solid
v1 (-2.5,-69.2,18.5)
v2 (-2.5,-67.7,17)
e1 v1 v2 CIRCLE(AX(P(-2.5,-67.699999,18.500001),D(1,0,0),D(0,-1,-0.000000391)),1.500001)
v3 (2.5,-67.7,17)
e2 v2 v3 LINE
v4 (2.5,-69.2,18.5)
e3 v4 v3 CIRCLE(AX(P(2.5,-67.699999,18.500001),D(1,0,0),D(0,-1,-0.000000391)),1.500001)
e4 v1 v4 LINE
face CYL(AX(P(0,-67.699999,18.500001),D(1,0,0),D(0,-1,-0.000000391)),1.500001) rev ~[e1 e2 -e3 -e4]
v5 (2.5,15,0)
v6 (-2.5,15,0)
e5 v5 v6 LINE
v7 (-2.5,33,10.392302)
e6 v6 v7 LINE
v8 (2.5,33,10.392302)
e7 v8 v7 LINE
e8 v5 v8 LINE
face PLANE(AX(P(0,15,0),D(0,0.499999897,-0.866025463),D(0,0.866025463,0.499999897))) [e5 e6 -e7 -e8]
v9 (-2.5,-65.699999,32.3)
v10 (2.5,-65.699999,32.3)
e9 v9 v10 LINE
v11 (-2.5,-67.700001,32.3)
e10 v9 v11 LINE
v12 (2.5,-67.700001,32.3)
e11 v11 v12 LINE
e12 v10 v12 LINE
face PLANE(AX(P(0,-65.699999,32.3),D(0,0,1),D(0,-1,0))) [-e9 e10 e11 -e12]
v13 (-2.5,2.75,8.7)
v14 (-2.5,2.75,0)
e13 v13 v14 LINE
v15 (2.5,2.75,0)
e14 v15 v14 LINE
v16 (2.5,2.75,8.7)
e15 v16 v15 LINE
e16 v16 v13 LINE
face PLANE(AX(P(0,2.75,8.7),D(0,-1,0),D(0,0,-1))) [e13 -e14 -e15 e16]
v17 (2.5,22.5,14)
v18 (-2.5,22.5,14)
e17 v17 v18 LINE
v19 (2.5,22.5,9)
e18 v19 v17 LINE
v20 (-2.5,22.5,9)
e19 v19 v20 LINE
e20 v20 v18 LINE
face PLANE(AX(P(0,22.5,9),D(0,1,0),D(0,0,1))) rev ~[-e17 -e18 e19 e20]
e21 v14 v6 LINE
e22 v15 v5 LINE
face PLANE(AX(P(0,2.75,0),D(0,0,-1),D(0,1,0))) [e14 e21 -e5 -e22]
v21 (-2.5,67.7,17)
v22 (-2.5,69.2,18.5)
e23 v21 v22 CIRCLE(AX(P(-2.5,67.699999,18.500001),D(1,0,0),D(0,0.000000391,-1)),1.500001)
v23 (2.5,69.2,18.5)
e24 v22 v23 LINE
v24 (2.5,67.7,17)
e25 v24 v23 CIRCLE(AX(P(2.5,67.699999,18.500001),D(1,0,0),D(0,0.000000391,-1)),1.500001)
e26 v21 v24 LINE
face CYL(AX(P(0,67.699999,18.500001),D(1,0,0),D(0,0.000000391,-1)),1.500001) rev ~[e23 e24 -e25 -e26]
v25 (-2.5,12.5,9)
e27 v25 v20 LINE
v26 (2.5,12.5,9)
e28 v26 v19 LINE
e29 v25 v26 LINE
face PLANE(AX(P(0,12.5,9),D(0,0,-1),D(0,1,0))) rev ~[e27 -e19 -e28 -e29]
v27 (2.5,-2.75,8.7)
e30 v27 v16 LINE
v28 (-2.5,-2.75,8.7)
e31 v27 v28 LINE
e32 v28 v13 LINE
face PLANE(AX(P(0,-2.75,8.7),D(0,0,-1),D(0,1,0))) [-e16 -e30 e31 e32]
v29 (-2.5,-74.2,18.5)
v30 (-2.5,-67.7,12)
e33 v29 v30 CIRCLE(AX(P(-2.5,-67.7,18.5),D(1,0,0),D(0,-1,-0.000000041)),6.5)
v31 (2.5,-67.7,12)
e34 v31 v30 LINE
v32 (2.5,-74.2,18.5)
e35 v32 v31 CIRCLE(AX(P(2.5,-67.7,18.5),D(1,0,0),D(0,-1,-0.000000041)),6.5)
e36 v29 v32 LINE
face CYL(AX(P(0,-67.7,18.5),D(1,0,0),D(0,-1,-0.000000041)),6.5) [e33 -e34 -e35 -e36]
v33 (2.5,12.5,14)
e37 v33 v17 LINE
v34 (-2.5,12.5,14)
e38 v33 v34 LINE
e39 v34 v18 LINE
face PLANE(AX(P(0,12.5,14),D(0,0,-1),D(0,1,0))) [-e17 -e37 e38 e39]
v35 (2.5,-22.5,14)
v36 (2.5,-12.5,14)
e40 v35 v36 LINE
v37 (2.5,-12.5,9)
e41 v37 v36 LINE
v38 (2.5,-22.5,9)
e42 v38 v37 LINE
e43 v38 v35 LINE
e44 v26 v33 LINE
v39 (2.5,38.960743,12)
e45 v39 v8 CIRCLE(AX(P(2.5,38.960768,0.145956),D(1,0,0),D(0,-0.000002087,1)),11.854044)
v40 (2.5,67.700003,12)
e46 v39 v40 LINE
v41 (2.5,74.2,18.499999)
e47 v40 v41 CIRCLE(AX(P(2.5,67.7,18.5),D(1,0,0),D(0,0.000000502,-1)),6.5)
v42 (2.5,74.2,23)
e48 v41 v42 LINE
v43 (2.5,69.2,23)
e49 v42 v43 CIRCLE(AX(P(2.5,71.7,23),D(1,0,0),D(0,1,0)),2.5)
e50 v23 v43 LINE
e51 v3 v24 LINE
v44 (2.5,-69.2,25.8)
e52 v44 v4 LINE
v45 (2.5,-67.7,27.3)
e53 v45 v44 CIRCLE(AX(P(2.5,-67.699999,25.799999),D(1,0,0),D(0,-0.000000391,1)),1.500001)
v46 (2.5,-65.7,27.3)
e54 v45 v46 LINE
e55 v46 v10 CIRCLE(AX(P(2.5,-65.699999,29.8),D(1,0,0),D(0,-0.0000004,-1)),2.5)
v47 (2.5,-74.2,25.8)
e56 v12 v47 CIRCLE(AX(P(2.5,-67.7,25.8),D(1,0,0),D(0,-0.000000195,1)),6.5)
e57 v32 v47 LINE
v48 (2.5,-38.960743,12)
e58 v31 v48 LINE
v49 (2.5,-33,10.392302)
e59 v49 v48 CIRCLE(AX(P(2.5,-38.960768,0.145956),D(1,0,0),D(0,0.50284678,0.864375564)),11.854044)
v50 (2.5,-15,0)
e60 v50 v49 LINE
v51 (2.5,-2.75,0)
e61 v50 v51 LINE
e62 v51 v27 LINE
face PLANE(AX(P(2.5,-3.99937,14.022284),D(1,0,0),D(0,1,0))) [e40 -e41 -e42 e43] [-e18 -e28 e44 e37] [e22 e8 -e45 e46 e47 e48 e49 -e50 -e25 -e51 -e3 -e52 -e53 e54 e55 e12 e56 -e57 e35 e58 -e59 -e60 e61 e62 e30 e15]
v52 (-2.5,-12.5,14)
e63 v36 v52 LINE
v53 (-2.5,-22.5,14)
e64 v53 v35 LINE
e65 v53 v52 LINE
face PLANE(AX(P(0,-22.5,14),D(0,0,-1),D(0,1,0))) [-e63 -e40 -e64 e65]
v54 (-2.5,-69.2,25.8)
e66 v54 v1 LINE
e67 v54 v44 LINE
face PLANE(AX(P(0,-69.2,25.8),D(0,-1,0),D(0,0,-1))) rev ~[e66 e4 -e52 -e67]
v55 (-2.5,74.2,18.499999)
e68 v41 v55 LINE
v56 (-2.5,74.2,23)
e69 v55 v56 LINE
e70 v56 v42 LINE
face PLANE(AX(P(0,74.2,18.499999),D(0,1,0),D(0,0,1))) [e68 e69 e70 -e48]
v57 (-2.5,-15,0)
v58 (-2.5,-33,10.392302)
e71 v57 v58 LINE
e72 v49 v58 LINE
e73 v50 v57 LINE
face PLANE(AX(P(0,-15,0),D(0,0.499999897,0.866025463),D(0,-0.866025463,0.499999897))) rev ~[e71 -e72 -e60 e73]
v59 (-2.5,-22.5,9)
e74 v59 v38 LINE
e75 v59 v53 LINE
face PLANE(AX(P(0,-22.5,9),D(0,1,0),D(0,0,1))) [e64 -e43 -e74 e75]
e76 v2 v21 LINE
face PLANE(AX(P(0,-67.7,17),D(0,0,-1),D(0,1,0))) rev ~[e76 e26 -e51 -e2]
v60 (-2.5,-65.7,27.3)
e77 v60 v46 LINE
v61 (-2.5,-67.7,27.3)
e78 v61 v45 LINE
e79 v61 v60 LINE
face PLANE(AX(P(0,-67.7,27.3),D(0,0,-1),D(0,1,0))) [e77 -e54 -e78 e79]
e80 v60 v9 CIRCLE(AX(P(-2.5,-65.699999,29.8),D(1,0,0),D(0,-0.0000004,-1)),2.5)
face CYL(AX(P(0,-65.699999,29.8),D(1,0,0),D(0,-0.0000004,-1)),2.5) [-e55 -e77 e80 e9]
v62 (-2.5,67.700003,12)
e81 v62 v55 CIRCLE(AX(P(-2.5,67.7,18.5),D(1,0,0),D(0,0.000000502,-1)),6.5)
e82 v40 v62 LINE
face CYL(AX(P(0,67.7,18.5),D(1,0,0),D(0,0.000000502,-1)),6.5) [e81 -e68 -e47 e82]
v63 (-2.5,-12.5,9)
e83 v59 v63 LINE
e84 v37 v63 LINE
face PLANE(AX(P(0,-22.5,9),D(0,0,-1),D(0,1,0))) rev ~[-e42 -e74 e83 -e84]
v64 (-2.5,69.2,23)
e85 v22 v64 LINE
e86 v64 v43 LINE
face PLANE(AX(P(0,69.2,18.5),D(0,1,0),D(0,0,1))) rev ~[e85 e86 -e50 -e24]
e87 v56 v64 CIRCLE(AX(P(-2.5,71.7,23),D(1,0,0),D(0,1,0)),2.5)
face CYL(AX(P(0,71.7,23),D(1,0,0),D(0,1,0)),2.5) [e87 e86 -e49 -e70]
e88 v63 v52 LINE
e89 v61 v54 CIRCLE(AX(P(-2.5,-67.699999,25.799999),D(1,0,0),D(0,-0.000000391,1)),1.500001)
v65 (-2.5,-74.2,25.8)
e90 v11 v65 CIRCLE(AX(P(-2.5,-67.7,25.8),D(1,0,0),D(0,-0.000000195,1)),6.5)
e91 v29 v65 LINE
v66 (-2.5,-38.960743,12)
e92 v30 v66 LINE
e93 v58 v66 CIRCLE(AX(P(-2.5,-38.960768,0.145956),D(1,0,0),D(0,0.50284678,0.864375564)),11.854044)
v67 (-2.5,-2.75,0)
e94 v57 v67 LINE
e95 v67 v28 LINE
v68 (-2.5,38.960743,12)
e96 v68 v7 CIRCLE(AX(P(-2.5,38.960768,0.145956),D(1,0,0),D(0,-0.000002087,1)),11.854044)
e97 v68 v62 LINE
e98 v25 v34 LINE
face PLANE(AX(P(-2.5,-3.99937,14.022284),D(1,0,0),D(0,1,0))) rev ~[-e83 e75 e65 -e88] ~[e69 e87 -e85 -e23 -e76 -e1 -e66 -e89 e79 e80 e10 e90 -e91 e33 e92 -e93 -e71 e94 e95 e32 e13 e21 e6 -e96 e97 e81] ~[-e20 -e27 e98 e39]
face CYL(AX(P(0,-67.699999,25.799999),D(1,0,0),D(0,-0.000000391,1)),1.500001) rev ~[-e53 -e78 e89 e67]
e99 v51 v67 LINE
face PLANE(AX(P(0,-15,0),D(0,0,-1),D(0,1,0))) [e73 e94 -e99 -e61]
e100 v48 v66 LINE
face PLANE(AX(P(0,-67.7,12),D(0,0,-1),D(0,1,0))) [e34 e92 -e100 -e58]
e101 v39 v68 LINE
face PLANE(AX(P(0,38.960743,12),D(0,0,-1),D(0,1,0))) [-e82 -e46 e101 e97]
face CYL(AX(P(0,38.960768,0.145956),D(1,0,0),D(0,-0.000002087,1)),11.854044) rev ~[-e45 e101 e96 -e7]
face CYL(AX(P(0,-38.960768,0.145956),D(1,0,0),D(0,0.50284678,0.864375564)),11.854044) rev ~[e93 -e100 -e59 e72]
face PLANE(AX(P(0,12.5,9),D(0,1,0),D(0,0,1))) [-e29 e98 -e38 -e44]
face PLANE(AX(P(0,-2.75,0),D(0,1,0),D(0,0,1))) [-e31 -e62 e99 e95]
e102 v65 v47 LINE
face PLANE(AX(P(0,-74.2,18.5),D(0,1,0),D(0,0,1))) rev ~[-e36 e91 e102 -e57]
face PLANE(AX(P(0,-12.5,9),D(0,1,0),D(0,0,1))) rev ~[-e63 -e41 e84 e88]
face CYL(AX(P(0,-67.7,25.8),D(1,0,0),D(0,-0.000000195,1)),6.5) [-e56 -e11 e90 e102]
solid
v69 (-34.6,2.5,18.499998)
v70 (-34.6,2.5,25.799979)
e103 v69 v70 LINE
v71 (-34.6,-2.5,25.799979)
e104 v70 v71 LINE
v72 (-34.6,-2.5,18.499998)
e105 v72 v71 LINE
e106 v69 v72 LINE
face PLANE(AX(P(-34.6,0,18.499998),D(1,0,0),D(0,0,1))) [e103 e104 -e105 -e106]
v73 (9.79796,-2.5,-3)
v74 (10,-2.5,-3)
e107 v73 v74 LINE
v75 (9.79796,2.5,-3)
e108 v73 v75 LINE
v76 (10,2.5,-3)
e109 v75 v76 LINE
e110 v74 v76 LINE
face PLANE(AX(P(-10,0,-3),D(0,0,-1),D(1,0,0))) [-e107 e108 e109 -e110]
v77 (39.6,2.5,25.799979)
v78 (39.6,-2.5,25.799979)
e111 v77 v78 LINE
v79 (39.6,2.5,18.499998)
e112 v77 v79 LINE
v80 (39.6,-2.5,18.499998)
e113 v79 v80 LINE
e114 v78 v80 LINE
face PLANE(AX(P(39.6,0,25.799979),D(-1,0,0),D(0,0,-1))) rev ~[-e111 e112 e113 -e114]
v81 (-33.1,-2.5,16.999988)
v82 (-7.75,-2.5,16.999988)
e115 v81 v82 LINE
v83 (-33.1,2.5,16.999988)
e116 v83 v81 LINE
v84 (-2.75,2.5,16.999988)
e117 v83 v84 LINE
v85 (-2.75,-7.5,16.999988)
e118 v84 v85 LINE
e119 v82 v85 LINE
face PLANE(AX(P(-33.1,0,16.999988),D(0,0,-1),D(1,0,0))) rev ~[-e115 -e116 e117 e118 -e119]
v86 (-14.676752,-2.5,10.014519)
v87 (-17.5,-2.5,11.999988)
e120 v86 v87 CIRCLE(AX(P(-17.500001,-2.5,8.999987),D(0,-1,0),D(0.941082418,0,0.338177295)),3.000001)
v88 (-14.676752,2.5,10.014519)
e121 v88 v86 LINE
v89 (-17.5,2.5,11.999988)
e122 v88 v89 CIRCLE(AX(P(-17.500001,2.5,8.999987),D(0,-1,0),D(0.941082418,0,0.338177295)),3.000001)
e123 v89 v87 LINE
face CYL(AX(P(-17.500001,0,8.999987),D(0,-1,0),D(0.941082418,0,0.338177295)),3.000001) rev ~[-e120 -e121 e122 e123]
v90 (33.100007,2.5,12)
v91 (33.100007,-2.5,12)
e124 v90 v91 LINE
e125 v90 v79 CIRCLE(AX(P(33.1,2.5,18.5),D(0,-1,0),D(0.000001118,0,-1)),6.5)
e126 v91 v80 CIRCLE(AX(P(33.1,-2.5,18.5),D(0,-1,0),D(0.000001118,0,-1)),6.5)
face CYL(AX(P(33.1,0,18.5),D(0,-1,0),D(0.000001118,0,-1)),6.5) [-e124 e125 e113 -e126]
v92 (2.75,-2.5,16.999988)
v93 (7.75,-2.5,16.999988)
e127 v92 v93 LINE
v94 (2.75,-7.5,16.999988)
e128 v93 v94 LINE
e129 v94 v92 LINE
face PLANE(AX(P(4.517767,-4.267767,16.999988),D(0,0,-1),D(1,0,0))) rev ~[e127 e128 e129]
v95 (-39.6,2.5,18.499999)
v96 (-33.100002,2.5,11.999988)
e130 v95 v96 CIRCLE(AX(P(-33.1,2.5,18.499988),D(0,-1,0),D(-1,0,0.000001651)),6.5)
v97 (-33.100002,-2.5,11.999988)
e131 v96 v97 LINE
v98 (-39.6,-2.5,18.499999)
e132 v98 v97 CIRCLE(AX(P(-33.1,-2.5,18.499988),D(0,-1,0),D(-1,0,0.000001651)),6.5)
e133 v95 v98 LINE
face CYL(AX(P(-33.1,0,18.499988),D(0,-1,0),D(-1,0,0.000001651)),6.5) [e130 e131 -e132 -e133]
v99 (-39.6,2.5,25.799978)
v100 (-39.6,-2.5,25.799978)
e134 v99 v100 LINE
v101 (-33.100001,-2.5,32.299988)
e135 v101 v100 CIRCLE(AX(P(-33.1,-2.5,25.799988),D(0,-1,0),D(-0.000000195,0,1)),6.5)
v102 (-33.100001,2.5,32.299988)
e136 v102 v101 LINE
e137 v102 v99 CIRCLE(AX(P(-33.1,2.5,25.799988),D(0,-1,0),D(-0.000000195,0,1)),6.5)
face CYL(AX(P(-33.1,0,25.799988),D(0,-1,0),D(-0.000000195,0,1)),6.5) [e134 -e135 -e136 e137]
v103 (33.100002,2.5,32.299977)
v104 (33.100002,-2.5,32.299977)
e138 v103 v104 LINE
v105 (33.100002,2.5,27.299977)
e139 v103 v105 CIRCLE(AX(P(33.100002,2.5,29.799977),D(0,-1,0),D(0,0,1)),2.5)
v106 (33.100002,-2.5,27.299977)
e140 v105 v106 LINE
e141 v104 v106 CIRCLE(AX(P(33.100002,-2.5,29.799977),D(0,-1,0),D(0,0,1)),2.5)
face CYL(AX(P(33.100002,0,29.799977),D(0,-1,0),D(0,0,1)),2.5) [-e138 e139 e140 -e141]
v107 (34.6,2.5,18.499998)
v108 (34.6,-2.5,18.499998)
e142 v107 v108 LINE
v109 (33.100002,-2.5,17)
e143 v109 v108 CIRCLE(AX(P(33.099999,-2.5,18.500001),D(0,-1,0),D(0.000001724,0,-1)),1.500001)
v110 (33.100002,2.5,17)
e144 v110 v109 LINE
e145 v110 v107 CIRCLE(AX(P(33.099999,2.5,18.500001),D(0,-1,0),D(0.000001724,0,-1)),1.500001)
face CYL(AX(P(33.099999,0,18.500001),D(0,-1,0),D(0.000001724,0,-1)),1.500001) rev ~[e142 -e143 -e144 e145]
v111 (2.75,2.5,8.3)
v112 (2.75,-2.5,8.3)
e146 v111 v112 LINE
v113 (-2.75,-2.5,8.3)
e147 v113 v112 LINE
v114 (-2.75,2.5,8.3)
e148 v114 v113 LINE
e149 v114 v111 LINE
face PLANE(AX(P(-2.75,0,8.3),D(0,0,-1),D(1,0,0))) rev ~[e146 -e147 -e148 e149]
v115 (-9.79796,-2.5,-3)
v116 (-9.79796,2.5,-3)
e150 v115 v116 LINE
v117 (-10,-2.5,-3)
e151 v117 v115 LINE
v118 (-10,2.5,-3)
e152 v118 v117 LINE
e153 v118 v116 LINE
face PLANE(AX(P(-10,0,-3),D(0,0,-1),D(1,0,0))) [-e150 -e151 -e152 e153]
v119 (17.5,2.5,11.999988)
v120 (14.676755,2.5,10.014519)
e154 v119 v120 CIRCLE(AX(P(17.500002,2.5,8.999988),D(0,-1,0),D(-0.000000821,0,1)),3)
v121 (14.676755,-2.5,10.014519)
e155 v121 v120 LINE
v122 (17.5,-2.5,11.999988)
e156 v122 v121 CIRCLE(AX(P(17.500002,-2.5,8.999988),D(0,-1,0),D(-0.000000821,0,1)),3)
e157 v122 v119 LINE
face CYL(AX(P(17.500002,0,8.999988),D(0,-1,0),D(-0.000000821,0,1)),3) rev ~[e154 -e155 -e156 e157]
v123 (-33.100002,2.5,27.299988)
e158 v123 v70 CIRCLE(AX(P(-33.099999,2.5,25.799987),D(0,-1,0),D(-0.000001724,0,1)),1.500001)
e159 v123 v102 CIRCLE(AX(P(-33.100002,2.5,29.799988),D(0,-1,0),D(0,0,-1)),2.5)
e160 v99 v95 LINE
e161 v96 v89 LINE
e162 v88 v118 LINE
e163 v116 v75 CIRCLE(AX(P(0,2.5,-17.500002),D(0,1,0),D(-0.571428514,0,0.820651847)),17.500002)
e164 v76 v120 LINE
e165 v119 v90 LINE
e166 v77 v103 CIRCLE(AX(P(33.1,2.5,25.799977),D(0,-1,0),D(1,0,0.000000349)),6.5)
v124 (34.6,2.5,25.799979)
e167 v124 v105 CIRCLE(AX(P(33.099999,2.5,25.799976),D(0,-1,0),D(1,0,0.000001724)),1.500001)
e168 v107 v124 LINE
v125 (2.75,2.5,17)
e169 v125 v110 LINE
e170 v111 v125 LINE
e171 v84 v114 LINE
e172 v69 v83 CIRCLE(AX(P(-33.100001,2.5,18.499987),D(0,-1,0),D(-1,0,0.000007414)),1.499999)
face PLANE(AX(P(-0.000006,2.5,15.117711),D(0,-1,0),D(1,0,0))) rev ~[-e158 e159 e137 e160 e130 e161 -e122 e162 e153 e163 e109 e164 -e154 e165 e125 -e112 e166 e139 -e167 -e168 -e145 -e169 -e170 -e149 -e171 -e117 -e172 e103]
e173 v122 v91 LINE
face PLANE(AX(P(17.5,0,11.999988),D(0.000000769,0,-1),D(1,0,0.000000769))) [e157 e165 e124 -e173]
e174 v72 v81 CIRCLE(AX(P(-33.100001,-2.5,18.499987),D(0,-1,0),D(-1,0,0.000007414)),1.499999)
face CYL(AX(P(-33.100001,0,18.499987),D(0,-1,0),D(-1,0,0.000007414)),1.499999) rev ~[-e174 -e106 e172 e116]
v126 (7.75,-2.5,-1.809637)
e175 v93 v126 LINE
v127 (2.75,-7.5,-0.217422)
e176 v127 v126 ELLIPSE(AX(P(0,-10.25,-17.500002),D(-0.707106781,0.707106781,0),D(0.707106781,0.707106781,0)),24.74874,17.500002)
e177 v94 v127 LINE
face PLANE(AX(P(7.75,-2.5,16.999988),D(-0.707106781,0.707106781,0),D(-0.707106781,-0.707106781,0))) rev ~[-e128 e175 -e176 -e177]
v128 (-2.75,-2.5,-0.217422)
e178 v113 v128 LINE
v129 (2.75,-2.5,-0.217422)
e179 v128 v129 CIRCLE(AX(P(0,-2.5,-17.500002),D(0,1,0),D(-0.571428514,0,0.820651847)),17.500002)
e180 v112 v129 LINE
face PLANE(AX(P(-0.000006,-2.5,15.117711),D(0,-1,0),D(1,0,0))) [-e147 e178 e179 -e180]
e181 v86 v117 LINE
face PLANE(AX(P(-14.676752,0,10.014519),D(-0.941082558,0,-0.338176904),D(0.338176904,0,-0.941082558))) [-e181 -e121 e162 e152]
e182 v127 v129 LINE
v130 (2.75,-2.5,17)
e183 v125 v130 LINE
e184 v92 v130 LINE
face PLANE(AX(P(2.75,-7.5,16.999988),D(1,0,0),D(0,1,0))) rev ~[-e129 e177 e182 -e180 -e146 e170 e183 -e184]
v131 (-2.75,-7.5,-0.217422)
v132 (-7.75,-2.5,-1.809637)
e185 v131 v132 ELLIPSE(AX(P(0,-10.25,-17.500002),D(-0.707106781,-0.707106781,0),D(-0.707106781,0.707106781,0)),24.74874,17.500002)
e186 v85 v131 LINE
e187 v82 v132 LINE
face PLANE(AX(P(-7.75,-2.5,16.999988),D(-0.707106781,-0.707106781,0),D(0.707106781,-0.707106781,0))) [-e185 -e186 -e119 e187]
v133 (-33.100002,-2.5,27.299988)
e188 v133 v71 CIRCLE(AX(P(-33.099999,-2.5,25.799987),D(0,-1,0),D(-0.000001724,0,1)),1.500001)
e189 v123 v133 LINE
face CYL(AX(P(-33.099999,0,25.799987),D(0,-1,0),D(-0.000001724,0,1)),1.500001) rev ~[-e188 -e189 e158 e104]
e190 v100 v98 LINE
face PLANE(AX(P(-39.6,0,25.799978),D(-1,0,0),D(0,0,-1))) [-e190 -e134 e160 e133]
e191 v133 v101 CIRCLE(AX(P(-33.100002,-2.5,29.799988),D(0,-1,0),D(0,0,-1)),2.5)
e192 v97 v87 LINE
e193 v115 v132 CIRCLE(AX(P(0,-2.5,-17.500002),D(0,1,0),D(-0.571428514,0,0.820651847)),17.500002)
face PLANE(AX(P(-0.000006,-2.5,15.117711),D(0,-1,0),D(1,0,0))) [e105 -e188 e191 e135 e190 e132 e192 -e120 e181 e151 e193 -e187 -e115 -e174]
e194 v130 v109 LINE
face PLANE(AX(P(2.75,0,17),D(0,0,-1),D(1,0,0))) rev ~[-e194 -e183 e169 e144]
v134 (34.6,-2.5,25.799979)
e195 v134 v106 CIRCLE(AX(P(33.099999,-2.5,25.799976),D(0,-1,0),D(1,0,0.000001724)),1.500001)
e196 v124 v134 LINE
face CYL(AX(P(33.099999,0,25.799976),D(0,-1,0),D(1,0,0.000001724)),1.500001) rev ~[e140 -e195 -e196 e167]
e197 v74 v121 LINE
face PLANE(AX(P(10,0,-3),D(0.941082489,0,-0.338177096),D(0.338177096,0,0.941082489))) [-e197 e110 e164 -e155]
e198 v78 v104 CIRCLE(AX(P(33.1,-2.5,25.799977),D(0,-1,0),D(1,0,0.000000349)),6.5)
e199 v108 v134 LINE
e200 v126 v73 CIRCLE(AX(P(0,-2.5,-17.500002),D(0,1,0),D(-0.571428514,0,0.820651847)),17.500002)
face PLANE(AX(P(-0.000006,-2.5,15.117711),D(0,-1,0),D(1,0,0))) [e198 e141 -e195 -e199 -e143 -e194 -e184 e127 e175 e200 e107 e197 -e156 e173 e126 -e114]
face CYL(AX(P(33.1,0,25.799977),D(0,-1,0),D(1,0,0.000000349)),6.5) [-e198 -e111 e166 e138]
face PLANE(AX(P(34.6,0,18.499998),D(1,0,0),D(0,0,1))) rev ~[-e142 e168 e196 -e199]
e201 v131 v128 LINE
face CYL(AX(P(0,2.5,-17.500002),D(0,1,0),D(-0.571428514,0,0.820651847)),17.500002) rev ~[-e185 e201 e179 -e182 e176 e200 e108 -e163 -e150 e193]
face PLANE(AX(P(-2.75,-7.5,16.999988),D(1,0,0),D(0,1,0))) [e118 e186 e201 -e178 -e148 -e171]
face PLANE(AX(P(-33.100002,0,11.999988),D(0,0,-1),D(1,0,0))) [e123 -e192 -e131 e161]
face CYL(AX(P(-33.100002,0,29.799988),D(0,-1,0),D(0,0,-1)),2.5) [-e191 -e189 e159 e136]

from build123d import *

# Parameters (mm, degrees)
SKETCH_W     = 10
SKETCH_H     = 5
PAD_DEPTH    = 2.5
PAD001_DEPTH = 2.5
PAD002_DEPTH = 20
POCKET_DEPTH = 10


with BuildPart() as vertical:
    # Sketch → Pad (new body, symmetric)
    with BuildSketch(Plane.YZ):
        with BuildLine():
            Line((74.2, 18.499999), (74.2, 23))
            ThreePointArc((74.2, 23), (71.7, 25.5), (69.2, 23))
            Line((69.2, 18.5), (69.2, 23))
            ThreePointArc((67.7, 17), (68.76066, 17.43934), (69.2, 18.5))
            Line((-67.7, 17), (67.7, 17))
            ThreePointArc((-69.2, 18.5), (-68.76066, 17.43934), (-67.7, 17))
            Line((-69.2, 25.8), (-69.2, 18.5))
            ThreePointArc((-67.7, 27.3), (-68.76066, 26.86066), (-69.2, 25.8))
            Line((-67.7, 27.3), (-65.7, 27.3))
            ThreePointArc((-65.7, 27.3), (-63.199999, 29.8), (-65.699999, 32.3))
            Line((-65.699999, 32.3), (-67.700001, 32.3))
            ThreePointArc((-67.700001, 32.3), (-72.296194, 30.396194), (-74.2, 25.8))
            Line((-74.2, 18.5), (-74.2, 25.8))
            ThreePointArc((-74.2, 18.5), (-72.296194, 13.903806), (-67.7, 12))
            Line((-67.7, 12), (-38.960743, 12))
            ThreePointArc((-33, 10.392302), (-35.87387, 11.591017), (-38.960743, 12))
            Line((-15, 0), (-33, 10.392302))
            Line((-15, 0), (-2.75, 0))
            Line((-2.75, 0), (-2.75, 8.7))
            Line((-2.75, 8.7), (2.75, 8.7))
            Line((2.75, 8.7), (2.75, 0))
            Line((2.75, 0), (15, 0))
            Line((15, 0), (33, 10.392302))
            ThreePointArc((38.960743, 12), (35.87387, 11.591017), (33, 10.392302))
            Line((38.960743, 12), (67.700003, 12))
            ThreePointArc((67.700003, 12), (72.296195, 13.903807), (74.2, 18.499999))
        make_face()
        with Locations((-17.5, 11.5)):
            Rectangle(SKETCH_W, SKETCH_H, mode=Mode.SUBTRACT)
        with Locations((17.5, 11.5)):
            Rectangle(SKETCH_W, SKETCH_H, mode=Mode.SUBTRACT)
    extrude(amount=PAD_DEPTH, both=True)


with BuildPart() as fusion:
    # Sketch001 → Pad001 (new body, symmetric)
    with BuildSketch(Plane.XZ):
        with BuildLine():
            Line((17.5, 11.999988), (33.100007, 12))
            ThreePointArc((33.100007, 12), (37.696196, 13.903808), (39.6, 18.499998))
            Line((39.6, 25.799979), (39.6, 18.499998))
            ThreePointArc((39.6, 25.799979), (37.696194, 30.396171), (33.100002, 32.299977))
            ThreePointArc((33.100002, 32.299977), (30.600002, 29.799977), (33.100002, 27.299977))
            ThreePointArc((34.6, 25.799979), (34.16066, 26.860637), (33.100002, 27.299977))
            Line((34.6, 18.499998), (34.6, 25.799979))
            ThreePointArc((33.100002, 17), (34.16066, 17.43934), (34.6, 18.499998))
            Line((2.75, 17), (33.100002, 17))
            Line((2.75, 8.3), (2.75, 17))
            Line((-2.75, 8.3), (2.75, 8.3))
            Line((-2.75, 16.999988), (-2.75, 8.3))
            Line((-33.1, 16.999988), (-2.75, 16.999988))
            ThreePointArc((-34.6, 18.499998), (-34.160664, 17.439331), (-33.1, 16.999988))
            Line((-34.6, 18.499998), (-34.6, 25.799979))
            ThreePointArc((-33.100002, 27.299988), (-34.160664, 26.860644), (-34.6, 25.799979))
            ThreePointArc((-33.100002, 27.299988), (-30.600002, 29.799988), (-33.100001, 32.299988))
            ThreePointArc((-33.100001, 32.299988), (-37.696198, 30.396178), (-39.6, 25.799978))
            Line((-39.6, 25.799978), (-39.6, 18.499999))
            ThreePointArc((-39.6, 18.499999), (-37.696198, 13.903798), (-33.100002, 11.999988))
            Line((-33.100002, 11.999988), (-17.5, 11.999988))
            ThreePointArc((-14.676752, 10.014519), (-15.774253, 11.453923), (-17.5, 11.999988))
            Line((-14.676752, 10.014519), (-10, -3))
            Line((-10, -3), (10, -3))
            Line((10, -3), (14.676755, 10.014519))
            ThreePointArc((17.5, 11.999988), (15.774254, 11.453922), (14.676755, 10.014519))
        make_face()
    extrude(amount=PAD001_DEPTH, both=True)

    # Sketch002 → Pad002 (new body)
    with BuildSketch(Plane(origin=(0, 0, 16.999988), x_dir=(-1, 0, 0), z_dir=(0, 0, 1))):
        Polygon((-7.75, 2.5), (-2.75, 7.5), (-2.75, 2.5), align=None)
        Polygon((2.75, 7.5), (2.75, 2.5), (7.75, 2.5), align=None)
    extrude(amount=-PAD002_DEPTH)

    # Sketch003 → Pocket (cut)
    with BuildSketch(Plane(origin=(0, 2.5, 0), x_dir=(1, 0, 0), z_dir=(0, 1, 0))):
        with BuildLine():
            ThreePointArc((-10, 3.138593), (0, 0), (10, 3.138593))
            Line((-10, 3.138593), (10, 3.138593))
        make_face()
    extrude(amount=-POCKET_DEPTH, mode=Mode.SUBTRACT)

    # Fusion: union Vertical
    add(vertical.part)


solid = fusion.part
